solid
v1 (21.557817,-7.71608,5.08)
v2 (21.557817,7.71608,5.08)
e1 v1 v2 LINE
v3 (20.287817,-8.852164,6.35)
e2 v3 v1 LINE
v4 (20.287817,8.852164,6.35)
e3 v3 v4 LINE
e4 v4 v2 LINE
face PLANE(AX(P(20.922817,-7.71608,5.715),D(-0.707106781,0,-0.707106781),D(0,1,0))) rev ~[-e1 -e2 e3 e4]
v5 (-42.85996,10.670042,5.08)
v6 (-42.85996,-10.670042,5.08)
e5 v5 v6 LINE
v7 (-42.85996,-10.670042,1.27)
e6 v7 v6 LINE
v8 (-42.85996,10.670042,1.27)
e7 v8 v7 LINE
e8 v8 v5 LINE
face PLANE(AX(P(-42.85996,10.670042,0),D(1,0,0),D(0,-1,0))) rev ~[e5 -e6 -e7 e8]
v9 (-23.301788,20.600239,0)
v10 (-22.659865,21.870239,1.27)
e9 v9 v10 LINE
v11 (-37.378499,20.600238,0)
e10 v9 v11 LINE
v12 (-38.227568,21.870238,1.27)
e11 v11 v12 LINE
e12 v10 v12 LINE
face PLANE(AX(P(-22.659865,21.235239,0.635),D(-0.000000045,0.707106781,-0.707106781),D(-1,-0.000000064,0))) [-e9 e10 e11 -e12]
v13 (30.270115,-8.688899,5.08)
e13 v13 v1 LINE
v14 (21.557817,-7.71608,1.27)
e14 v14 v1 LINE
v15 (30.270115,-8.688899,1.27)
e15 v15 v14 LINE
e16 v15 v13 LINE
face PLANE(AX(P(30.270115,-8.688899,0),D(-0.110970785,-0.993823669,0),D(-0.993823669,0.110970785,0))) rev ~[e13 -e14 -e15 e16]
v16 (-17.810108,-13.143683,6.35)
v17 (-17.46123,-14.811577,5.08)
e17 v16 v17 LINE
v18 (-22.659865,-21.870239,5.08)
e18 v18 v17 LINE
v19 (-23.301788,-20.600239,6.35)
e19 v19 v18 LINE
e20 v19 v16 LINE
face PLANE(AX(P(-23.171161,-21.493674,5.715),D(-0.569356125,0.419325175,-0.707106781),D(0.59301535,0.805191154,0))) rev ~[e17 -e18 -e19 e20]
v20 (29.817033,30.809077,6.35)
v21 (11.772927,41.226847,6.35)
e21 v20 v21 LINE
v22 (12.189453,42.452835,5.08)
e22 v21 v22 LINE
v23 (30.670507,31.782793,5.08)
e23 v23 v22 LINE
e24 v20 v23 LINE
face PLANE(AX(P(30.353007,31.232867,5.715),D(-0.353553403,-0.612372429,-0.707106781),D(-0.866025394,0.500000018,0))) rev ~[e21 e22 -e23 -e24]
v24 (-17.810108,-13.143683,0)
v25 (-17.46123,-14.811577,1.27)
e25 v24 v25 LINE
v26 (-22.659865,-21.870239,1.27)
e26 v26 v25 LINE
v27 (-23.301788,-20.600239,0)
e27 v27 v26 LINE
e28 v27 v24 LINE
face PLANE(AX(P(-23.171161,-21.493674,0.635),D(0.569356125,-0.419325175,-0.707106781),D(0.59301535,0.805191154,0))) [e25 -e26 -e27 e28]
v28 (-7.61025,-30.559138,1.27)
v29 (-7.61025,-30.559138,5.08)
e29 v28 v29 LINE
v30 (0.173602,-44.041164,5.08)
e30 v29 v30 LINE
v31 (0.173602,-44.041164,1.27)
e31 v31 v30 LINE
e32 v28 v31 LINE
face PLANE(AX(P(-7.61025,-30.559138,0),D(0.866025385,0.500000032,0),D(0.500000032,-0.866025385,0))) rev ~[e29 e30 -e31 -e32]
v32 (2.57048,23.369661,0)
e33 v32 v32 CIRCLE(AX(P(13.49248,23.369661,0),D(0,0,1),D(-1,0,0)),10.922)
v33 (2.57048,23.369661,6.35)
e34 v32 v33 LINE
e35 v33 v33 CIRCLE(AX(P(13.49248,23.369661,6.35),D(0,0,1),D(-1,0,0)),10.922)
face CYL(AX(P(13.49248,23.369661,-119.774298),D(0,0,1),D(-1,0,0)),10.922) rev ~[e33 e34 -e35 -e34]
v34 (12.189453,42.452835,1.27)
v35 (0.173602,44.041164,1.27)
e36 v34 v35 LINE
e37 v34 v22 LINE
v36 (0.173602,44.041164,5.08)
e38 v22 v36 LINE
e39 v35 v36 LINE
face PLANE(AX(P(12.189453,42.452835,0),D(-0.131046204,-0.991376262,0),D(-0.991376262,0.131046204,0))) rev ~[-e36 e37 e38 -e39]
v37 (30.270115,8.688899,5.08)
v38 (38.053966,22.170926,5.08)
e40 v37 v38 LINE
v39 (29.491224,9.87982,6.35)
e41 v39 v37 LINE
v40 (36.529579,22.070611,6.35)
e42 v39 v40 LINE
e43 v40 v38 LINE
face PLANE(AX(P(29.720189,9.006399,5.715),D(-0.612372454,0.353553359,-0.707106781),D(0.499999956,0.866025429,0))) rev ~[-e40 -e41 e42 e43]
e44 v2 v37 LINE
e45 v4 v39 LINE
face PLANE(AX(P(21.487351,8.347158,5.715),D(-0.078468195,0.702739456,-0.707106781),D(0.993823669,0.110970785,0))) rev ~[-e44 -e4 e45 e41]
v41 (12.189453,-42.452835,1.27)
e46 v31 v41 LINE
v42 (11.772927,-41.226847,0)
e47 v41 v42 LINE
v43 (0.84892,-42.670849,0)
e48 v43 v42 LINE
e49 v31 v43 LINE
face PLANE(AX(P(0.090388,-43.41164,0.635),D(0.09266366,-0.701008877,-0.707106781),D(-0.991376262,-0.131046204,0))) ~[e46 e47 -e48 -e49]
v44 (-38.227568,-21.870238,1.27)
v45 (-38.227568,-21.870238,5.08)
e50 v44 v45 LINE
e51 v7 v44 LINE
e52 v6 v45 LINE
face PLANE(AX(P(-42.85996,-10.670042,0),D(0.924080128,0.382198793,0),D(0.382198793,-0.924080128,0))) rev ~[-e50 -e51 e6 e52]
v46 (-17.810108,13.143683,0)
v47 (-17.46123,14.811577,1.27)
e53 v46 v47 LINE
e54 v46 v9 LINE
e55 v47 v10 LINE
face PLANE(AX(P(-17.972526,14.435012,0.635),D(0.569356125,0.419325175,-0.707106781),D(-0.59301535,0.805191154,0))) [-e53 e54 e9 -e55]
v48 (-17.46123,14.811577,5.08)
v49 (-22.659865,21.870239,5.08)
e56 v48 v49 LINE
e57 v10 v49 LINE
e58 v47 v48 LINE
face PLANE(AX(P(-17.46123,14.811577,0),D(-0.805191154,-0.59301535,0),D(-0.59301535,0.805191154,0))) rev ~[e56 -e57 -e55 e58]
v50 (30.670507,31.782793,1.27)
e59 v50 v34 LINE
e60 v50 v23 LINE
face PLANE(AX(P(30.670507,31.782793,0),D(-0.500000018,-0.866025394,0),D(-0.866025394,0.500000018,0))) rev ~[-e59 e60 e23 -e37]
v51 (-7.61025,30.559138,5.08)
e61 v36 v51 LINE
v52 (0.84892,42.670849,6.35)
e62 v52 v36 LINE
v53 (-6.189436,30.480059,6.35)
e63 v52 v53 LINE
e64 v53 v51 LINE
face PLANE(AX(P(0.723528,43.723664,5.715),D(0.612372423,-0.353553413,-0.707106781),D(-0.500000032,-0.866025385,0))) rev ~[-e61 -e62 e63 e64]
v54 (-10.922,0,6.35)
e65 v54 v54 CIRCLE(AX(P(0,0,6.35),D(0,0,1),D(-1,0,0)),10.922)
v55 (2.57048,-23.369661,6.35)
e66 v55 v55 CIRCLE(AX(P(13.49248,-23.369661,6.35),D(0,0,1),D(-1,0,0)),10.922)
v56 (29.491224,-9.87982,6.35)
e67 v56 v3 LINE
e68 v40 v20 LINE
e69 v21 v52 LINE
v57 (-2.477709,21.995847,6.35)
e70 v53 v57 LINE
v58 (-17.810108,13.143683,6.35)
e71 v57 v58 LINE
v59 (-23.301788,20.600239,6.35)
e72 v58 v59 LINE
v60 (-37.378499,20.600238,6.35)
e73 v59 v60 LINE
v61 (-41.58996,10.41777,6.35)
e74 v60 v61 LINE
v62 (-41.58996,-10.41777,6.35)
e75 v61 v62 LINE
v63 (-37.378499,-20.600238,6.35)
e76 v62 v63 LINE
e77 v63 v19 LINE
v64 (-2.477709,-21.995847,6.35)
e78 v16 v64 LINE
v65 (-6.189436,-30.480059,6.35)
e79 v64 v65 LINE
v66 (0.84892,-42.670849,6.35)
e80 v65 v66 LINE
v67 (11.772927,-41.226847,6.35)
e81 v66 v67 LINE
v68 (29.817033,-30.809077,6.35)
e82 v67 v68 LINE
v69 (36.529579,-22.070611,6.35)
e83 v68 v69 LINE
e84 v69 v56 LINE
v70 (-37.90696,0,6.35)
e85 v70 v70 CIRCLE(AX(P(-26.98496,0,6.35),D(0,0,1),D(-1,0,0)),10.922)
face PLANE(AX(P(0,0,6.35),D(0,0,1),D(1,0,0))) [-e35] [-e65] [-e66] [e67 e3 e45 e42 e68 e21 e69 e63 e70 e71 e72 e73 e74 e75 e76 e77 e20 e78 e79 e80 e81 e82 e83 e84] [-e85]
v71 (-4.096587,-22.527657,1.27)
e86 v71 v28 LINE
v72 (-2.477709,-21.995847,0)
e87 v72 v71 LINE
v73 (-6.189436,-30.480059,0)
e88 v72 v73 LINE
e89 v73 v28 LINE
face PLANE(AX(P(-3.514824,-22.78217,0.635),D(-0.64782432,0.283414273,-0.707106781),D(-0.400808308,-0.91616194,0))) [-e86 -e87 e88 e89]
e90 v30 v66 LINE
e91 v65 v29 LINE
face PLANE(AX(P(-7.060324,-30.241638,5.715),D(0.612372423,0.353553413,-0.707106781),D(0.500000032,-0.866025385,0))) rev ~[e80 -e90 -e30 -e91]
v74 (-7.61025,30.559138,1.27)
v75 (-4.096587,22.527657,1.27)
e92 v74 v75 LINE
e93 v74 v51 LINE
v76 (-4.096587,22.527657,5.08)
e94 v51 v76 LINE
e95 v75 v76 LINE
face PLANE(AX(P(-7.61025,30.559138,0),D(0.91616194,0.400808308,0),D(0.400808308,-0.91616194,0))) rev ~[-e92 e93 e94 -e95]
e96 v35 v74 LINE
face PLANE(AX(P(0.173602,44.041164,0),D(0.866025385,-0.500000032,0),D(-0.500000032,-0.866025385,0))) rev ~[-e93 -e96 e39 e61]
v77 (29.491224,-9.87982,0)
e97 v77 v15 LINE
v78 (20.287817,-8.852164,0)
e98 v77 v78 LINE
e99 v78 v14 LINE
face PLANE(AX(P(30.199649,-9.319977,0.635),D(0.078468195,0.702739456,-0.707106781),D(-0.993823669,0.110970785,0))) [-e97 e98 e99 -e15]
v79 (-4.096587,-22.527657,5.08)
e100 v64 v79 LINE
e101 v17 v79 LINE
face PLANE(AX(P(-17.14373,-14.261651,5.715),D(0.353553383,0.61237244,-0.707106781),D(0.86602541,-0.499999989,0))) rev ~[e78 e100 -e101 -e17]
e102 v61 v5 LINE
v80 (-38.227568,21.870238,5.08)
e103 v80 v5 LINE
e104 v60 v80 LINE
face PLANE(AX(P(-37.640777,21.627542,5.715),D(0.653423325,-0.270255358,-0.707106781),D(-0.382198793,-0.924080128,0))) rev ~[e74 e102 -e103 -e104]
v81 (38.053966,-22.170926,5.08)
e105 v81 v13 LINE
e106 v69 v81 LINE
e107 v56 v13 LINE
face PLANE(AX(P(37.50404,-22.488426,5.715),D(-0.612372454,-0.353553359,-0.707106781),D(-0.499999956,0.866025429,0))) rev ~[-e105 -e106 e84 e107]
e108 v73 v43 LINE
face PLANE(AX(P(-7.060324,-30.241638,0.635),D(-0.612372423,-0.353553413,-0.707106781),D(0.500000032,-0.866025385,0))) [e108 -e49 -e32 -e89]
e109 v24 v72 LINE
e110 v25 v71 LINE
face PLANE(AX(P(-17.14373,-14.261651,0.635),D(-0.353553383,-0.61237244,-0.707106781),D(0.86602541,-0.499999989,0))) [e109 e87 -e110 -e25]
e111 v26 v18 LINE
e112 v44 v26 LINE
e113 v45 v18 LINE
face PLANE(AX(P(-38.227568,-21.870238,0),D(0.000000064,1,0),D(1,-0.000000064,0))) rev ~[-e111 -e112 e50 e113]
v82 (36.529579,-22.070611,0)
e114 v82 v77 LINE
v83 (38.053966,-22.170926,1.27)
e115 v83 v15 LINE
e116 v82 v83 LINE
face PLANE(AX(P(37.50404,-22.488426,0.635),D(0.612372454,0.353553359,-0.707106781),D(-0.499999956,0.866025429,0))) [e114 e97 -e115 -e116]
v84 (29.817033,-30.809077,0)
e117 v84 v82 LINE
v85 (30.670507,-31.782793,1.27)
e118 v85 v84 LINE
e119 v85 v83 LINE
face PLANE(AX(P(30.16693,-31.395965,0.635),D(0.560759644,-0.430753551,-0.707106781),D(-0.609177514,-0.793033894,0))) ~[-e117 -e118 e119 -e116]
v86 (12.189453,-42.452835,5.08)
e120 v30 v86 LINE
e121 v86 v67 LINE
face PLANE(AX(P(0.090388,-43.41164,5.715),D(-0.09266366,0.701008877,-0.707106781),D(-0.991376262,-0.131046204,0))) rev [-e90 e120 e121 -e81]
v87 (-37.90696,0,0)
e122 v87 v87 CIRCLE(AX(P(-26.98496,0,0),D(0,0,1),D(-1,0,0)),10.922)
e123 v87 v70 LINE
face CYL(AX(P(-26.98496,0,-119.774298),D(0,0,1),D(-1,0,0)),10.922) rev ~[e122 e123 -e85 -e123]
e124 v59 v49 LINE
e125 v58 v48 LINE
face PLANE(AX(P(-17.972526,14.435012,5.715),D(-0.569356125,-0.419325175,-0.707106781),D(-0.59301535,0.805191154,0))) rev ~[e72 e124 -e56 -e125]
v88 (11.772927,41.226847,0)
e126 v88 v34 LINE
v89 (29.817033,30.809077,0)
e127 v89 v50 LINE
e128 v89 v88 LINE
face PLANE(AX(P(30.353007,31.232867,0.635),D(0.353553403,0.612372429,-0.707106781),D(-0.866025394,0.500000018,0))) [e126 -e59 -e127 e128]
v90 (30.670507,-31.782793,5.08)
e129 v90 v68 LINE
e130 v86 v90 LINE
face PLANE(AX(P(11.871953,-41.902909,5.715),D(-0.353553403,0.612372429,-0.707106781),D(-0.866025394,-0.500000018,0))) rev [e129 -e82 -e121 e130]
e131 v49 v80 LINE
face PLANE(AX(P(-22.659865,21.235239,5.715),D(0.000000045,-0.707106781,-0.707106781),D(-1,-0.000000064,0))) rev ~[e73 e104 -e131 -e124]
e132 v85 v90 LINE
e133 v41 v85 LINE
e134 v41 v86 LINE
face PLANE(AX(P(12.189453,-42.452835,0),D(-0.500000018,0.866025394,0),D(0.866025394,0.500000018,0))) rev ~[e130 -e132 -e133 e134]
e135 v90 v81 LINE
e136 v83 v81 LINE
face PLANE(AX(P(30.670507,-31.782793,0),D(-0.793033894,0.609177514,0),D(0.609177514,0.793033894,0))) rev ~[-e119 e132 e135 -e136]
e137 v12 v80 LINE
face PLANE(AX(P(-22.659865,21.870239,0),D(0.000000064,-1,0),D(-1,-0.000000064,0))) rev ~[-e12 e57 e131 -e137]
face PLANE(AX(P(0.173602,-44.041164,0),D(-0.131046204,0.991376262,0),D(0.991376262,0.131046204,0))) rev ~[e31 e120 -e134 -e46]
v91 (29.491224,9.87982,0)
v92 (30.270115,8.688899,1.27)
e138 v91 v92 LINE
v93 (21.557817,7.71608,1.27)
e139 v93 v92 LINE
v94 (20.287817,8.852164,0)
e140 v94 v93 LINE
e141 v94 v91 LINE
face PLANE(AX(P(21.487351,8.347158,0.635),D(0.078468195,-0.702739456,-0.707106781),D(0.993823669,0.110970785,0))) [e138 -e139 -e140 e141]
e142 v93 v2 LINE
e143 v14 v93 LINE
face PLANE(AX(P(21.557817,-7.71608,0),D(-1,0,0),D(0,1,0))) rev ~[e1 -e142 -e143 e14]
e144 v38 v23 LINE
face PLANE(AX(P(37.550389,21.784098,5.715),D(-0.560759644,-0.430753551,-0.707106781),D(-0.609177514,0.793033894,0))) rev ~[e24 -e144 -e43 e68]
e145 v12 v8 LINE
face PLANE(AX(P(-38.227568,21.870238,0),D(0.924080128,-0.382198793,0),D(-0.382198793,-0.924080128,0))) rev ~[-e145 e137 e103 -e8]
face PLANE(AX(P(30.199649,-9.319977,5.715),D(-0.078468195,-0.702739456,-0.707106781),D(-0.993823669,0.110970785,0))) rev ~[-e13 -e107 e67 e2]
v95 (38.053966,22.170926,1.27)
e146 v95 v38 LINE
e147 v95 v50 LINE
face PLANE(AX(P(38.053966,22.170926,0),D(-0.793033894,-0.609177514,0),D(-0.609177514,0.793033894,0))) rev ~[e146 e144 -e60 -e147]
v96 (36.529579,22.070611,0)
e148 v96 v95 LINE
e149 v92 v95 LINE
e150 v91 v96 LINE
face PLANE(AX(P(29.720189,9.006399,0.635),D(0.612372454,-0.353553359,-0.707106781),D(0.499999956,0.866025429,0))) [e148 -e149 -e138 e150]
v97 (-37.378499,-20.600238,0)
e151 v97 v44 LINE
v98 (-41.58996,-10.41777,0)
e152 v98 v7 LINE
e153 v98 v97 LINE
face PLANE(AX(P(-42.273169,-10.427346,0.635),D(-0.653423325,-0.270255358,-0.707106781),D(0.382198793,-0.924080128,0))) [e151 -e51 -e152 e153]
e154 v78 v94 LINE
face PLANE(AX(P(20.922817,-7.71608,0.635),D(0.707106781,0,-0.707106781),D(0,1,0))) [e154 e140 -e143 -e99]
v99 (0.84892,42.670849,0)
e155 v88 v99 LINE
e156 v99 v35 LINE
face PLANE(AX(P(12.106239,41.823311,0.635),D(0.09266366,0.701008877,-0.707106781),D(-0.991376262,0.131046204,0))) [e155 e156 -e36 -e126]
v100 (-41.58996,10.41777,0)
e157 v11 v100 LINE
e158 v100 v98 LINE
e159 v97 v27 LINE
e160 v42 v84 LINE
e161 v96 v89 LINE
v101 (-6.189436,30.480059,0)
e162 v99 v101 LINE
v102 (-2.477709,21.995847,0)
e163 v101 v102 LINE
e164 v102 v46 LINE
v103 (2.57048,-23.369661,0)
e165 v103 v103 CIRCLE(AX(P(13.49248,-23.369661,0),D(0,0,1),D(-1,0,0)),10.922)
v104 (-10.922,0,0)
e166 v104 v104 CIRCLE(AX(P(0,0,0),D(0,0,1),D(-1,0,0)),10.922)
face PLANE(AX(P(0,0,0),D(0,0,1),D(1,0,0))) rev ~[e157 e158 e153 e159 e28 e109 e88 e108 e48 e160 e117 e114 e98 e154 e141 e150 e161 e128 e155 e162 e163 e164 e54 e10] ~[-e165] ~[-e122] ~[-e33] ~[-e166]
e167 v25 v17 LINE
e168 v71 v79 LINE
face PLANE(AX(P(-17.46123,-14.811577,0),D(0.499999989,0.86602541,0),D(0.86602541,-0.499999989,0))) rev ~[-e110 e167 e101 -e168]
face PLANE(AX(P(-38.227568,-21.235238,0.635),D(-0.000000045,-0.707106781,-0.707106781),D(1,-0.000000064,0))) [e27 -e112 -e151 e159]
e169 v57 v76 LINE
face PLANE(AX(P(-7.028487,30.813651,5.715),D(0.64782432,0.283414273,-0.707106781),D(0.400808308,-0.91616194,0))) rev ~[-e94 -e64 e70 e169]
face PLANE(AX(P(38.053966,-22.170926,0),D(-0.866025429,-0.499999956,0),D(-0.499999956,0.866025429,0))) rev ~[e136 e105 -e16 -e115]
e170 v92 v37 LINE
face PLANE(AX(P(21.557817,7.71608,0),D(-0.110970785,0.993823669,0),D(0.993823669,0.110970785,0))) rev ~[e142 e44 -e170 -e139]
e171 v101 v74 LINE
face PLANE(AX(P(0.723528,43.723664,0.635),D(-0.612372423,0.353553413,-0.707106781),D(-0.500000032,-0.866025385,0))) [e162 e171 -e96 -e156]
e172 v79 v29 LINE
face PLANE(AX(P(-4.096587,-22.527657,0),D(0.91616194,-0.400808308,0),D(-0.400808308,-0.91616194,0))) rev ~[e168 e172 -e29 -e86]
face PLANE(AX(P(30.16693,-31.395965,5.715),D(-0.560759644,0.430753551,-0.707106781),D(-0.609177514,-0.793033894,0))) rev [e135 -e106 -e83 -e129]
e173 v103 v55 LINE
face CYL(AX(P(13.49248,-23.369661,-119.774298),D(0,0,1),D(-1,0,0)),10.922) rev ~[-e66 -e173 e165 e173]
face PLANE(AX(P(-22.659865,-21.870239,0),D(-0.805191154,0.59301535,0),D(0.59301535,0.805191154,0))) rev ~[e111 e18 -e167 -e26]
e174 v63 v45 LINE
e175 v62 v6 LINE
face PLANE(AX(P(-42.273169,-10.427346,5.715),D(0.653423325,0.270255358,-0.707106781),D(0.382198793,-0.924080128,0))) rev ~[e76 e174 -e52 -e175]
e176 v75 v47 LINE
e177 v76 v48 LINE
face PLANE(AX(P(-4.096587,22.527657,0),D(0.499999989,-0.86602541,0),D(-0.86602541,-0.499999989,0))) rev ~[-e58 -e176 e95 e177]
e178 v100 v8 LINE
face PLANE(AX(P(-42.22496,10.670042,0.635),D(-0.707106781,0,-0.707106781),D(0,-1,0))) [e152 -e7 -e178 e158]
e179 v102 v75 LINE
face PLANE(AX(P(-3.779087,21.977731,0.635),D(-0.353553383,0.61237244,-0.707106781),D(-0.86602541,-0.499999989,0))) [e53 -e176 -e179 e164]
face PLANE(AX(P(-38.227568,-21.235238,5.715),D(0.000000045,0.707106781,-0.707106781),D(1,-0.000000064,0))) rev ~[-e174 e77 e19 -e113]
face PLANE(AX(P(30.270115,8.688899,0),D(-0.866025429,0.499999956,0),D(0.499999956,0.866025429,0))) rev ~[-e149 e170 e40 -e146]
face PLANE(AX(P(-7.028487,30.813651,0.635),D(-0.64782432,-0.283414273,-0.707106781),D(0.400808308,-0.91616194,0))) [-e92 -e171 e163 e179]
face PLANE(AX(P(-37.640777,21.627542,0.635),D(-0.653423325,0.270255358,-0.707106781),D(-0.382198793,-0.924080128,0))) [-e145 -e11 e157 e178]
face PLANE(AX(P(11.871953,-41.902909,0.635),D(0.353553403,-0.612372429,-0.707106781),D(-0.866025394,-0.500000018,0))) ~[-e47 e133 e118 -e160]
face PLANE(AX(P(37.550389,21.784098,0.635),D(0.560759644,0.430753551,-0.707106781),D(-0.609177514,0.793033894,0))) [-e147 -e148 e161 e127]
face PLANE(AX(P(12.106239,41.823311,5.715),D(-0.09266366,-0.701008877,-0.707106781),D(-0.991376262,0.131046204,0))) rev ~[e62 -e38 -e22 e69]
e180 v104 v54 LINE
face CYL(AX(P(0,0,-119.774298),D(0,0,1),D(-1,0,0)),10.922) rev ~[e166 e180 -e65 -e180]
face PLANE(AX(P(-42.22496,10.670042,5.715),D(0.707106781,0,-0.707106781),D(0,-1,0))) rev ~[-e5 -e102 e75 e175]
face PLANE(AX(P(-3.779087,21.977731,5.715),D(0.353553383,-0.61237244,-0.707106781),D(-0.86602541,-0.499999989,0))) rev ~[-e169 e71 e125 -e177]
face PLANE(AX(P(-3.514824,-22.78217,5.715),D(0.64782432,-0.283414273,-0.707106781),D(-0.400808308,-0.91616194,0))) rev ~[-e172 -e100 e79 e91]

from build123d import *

# Parameters (mm, degrees)
F1_DEPTH = 6.35
F2_D     = 21.844
F3_SIZE  = 1.27


with BuildPart() as f1:
    # F0 (on Top) → F1 (new body)
    with BuildSketch(Plane.XY):
        Polygon((12.189453, -42.452835), (21.42998, -37.117814), (30.670507, -31.782793), (38.053966, -22.170926), (30.270115, -8.688899), (21.557817, -7.71608), (21.557817, 7.71608), (30.270115, 8.688899), (38.053966, 22.170926), (30.670507, 31.782793), (21.42998, 37.117814), (12.189453, 42.452835), (0.173602, 44.041164), (-7.61025, 30.559138), (-4.096587, 22.527657), (-17.46123, 14.811577), (-22.659865, 21.870239), (-38.227568, 21.870238), (-42.85996, 10.670042), (-42.85996, 0), (-42.85996, -10.670042), (-38.227568, -21.870238), (-22.659865, -21.870239), (-17.46123, -14.811577), (-4.096587, -22.527657), (-7.61025, -30.559138), (0.173602, -44.041164), align=None)
    extrude(amount=F1_DEPTH)

    # F2 (through all)
    with Locations(Plane(origin=(0, 0, 0), x_dir=(1, 0, 0), z_dir=(0, 0, -1))):
        with Locations((13.49248, 23.369661), (0, 0), (-26.98496, 0), (13.49248, -23.369661)):
            Hole(F2_D / 2)

    # F3
    f3_edges = [f1.edges().sort_by_distance(p)[0] for p in [
        (-3.718324, 37.300151, 0),
        (-3.718324, 37.300151, 6.35),
        (6.181528, 43.247, 6.35),
        (6.181528, 43.247, 0),
        (21.42998, 37.117814, 6.35),
        (21.42998, 37.117814, 0),
        (34.362237, 26.97686, 0),
        (34.362237, 26.97686, 6.35),
        (34.16204, 15.429912, 0),
        (34.16204, 15.429912, 6.35),
        (25.913966, 8.20249, 0),
        (25.913966, 8.20249, 6.35),
        (21.557817, 0, 0),
        (21.557817, 0, 6.35),
        (25.913966, -8.20249, 0),
        (25.913966, -8.20249, 6.35),
        (34.16204, -15.429912, 0),
        (34.16204, -15.429912, 6.35),
        (34.362237, -26.97686, 0),
        (34.362237, -26.97686, 6.35),
        (21.42998, -37.117814, 0),
        (21.42998, -37.117814, 6.35),
        (6.181528, -43.247, 0),
        (6.181528, -43.247, 6.35),
        (-3.718324, -37.300151, 0),
        (-3.718324, -37.300151, 6.35),
        (-5.853418, -26.543398, 0),
        (-5.853418, -26.543398, 6.35),
        (-10.778908, -18.669617, 0),
        (-10.778908, -18.669617, 6.35),
        (-20.060547, -18.340908, 6.35),
        (-20.060547, -18.340908, 0),
        (-30.443716, -21.870239, 6.35),
        (-30.443716, -21.870239, 0),
        (-40.543764, -16.27014, 6.35),
        (-40.543764, -16.27014, 0),
        (-42.85996, 0, 6.35),
        (-42.85996, 0, 0),
        (-40.543764, 16.27014, 6.35),
        (-40.543764, 16.27014, 0),
        (-30.443716, 21.870239, 6.35),
        (-30.443716, 21.870239, 0),
        (-20.060547, 18.340908, 6.35),
        (-20.060547, 18.340908, 0),
        (-10.778908, 18.669617, 6.35),
        (-10.778908, 18.669617, 0),
        (-5.853418, 26.543398, 0),
        (-5.853418, 26.543398, 6.35),
    ]]
    chamfer(f3_edges, length=F3_SIZE)


solid = f1.part
